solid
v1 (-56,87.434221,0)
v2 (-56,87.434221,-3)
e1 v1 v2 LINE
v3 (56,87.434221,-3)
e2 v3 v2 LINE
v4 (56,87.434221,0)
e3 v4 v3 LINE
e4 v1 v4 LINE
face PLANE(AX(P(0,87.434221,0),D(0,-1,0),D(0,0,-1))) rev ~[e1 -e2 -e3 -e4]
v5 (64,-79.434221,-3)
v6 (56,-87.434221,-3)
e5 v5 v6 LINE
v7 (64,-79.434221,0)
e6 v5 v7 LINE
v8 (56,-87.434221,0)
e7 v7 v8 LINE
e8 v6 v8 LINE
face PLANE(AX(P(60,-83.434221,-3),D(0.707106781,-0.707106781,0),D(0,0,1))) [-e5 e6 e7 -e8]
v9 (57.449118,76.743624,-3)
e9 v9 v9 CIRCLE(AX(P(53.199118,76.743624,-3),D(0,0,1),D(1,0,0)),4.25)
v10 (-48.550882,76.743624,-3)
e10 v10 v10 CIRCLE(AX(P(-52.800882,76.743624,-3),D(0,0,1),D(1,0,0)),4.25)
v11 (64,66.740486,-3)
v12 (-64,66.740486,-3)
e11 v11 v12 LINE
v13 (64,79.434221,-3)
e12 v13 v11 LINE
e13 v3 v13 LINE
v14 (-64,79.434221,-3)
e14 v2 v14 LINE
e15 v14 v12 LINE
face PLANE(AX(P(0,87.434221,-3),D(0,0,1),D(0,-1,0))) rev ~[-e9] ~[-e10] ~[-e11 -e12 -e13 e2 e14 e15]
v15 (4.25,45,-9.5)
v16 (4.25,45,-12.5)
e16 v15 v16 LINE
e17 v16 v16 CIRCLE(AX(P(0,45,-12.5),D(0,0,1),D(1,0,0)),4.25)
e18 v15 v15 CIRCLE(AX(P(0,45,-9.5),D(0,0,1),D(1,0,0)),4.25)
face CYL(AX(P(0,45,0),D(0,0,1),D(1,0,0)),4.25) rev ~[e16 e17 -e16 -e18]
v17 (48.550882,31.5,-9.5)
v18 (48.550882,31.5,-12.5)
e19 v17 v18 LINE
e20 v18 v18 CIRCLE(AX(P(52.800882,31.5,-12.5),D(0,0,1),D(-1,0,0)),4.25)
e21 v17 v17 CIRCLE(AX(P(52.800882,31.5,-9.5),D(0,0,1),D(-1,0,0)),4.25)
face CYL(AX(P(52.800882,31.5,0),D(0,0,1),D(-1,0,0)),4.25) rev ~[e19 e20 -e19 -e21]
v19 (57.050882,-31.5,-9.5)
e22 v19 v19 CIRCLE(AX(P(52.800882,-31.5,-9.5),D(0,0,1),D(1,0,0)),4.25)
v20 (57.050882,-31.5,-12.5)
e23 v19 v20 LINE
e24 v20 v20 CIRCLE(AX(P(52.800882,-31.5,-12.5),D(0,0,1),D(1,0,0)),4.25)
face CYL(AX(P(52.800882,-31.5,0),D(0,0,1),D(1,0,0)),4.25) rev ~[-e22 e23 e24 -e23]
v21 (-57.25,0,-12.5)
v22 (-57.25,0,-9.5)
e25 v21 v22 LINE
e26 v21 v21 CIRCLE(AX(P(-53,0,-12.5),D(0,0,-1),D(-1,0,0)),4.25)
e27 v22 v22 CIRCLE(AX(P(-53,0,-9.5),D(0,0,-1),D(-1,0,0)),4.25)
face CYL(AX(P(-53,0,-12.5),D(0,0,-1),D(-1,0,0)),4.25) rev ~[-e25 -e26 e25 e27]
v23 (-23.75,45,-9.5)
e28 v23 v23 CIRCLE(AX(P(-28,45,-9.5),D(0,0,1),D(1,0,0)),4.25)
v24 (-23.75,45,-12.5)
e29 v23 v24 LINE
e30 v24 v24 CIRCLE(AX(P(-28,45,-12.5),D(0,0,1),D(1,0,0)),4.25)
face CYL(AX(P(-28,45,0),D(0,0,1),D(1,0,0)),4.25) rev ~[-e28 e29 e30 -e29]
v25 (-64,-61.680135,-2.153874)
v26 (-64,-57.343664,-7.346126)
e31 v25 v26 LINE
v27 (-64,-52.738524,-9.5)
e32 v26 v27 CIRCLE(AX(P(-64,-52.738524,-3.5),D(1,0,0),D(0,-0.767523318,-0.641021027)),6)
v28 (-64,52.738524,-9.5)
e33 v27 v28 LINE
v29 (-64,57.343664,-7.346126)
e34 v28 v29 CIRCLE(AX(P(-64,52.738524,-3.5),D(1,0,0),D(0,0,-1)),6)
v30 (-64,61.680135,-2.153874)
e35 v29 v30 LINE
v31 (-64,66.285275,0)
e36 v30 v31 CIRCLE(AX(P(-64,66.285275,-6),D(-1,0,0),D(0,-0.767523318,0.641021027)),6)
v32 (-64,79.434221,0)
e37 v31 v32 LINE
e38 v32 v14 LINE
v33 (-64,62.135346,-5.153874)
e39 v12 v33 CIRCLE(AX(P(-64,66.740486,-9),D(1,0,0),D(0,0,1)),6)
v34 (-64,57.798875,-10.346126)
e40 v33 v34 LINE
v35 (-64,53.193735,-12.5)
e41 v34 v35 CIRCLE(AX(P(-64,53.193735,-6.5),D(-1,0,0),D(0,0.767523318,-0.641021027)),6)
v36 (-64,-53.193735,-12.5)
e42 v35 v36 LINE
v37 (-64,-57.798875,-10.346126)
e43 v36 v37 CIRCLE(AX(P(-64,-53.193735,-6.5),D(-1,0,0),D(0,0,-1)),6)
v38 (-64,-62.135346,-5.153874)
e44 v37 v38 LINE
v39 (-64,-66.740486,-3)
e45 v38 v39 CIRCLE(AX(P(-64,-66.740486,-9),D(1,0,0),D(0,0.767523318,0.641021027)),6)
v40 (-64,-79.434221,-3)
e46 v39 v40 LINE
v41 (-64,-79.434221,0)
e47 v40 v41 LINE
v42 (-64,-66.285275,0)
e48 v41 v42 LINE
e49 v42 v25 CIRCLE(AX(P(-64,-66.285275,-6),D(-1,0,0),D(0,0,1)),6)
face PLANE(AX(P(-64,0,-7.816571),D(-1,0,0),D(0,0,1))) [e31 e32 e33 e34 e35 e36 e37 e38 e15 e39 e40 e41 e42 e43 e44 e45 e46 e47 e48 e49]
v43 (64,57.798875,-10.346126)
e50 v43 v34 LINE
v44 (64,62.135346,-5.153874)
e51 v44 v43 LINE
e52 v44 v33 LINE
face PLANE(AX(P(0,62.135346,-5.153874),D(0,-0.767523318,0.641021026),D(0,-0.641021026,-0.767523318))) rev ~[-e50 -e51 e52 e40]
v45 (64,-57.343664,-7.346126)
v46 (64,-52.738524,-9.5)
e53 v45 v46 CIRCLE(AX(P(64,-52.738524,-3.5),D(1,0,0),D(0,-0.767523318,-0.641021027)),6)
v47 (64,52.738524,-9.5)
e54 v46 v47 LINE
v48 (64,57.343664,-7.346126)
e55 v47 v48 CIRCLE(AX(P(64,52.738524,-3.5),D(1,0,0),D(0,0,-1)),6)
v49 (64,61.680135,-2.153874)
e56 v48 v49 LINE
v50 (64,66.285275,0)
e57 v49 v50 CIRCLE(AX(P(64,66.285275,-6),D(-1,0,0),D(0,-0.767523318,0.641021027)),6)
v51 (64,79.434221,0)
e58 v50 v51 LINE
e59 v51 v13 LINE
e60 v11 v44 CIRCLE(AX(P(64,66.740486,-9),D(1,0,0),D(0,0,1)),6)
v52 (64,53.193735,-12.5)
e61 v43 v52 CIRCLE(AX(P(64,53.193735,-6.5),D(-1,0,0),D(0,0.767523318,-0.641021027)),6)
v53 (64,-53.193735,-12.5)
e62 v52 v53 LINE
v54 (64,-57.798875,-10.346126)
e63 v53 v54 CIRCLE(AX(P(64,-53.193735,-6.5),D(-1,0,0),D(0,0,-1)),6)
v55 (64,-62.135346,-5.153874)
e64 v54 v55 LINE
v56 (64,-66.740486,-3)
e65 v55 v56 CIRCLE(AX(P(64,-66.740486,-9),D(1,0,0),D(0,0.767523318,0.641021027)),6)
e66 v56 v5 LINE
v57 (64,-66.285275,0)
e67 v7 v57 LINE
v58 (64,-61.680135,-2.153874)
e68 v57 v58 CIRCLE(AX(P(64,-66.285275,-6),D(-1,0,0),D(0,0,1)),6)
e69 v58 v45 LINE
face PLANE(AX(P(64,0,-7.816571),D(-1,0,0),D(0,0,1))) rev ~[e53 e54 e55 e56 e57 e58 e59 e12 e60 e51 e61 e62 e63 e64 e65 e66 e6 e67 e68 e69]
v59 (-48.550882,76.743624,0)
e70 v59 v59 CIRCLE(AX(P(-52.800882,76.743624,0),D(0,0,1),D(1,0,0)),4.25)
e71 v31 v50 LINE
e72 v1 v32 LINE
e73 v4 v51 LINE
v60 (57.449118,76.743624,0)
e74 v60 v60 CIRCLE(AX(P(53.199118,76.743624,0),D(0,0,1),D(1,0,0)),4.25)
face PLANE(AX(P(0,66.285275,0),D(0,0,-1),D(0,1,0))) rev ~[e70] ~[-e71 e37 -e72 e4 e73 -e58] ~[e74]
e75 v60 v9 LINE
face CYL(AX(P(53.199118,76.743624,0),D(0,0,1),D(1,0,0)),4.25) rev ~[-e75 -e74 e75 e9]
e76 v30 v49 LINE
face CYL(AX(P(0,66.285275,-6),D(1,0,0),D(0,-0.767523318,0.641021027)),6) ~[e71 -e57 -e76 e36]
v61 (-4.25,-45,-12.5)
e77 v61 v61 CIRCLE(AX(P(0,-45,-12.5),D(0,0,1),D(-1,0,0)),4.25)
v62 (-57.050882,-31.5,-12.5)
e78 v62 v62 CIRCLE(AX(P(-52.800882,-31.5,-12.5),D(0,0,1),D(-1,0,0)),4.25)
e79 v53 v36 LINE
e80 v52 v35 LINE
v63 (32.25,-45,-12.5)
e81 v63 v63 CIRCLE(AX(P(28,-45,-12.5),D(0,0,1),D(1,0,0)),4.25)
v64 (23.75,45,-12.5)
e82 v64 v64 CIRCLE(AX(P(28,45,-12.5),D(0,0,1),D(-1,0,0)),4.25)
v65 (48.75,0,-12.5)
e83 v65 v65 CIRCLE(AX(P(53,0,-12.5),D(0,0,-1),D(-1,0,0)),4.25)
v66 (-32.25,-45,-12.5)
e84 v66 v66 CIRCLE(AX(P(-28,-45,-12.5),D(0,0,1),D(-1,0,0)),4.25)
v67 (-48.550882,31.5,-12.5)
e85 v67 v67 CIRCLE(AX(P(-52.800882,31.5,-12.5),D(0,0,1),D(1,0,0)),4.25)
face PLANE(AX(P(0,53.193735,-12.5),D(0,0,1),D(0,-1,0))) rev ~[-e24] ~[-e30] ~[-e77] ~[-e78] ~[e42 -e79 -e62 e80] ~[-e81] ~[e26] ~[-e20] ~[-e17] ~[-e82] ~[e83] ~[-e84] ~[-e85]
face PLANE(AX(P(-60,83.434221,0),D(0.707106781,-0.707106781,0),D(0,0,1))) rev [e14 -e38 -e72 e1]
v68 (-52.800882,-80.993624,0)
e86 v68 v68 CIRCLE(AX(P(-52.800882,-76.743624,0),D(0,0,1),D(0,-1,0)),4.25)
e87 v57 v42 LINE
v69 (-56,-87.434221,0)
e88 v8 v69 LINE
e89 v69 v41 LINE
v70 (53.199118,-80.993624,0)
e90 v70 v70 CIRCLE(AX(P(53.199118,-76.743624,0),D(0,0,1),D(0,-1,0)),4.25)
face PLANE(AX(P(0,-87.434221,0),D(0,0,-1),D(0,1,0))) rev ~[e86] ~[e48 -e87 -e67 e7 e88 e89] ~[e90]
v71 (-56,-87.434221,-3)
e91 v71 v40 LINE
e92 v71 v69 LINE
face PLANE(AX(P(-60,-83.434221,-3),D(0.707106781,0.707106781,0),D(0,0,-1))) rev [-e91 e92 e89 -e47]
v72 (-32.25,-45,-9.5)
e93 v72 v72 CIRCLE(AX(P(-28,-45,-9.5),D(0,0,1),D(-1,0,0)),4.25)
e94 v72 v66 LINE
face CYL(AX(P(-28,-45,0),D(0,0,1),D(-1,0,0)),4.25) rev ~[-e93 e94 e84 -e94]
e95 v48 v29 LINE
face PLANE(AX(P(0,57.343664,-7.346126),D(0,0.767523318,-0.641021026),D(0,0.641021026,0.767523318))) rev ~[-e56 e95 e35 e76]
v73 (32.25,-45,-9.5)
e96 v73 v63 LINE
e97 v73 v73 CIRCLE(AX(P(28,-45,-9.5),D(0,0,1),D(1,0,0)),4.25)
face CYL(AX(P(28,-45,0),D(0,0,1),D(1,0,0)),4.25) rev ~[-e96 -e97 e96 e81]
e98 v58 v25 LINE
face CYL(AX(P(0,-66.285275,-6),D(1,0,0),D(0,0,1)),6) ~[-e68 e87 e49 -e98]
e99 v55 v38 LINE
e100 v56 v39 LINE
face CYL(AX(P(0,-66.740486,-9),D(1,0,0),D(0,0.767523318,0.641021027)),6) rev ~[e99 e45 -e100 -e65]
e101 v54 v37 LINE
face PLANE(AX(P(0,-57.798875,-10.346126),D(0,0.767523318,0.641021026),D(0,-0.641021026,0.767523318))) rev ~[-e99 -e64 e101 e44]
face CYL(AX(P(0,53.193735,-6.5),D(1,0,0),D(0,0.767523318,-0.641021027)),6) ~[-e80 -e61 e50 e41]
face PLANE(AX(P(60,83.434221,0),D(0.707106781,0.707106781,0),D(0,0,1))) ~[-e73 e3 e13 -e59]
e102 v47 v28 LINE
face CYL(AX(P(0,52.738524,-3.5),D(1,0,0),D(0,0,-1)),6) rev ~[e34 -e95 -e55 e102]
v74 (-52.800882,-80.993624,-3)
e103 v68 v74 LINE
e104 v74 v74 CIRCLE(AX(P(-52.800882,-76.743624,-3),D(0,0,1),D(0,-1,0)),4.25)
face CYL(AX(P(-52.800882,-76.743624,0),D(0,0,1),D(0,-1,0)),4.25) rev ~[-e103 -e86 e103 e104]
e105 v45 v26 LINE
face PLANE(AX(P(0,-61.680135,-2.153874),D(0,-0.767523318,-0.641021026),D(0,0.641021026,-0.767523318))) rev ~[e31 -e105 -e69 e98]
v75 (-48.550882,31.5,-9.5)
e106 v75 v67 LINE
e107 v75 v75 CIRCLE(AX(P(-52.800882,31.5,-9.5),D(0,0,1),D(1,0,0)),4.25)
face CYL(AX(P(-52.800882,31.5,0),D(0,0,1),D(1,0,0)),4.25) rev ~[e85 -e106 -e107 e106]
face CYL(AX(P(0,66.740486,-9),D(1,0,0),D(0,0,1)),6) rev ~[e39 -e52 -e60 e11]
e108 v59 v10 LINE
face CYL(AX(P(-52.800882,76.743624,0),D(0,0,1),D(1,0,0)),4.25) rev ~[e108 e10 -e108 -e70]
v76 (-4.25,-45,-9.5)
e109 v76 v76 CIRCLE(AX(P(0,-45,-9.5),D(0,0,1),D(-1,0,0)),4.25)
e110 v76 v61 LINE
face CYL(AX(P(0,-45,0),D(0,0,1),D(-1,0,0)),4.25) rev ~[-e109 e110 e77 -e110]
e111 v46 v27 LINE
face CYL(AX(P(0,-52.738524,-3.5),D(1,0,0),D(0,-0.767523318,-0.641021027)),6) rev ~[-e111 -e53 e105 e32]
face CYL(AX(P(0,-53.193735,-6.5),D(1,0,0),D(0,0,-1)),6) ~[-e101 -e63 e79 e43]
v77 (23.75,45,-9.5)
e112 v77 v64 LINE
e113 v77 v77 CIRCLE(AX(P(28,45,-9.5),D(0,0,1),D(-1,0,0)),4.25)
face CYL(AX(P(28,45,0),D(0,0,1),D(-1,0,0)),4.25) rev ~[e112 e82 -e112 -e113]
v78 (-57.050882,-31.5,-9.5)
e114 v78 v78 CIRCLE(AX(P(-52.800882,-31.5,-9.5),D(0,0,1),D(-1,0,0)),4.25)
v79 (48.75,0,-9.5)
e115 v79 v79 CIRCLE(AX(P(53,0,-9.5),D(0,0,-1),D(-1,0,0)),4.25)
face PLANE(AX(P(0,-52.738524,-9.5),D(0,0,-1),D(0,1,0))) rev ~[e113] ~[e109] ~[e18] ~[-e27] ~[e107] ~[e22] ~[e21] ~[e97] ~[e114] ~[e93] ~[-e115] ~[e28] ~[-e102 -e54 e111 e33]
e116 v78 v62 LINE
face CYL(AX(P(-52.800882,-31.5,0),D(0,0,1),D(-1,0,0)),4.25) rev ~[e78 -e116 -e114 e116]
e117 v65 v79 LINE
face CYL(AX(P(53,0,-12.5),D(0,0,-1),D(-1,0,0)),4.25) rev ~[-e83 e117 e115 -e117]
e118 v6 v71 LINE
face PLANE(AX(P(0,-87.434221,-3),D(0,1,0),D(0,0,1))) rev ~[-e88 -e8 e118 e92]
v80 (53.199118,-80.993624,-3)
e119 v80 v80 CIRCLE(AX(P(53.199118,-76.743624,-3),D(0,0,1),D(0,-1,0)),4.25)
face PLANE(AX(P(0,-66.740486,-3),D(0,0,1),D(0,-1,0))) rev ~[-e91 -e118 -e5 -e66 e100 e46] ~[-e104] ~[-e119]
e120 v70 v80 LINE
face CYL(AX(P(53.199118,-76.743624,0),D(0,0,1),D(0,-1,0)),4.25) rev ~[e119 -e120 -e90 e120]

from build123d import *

# Parameters (mm, degrees)
EXTRUDE_1_DEPTH     = 64
CHAMFER_1_SIZE      = 8
SKETCH_4_R          = 4.25
CUT_EXTRUDE_1_DEPTH = 110.073337851
SKETCH_6_R          = 4.25
CUT_EXTRUDE_2_DEPTH = 10


with BuildPart() as part:
    # 草图1 → 凸台-拉伸1 (new, symmetric)
    with BuildSketch(Plane(origin=(0, 0, 0), x_dir=(0, 0, -1), z_dir=(1, 0, 0))):
        with BuildLine():
            Line((0, 87.434221161), (3, 87.434221161))
            Line((3, 87.434221161), (3, 66.740486184))
            ThreePointArc((3, 66.740486184), (3.565077878, 64.198514208), (5.153873841, 62.135346276))
            Line((5.153873841, 62.135346276), (10.346126159, 57.798874885))
            ThreePointArc((10.346126159, 57.798874885), (11.934922122, 55.735706953), (12.5, 53.193734977))
            Line((12.5, 53.193734977), (12.5, -53.193734977))
            ThreePointArc((12.5, -53.193734977), (11.934922122, -55.735706953), (10.346126159, -57.798874885))
            Line((10.346126159, -57.798874885), (5.153873841, -62.135346276))
            ThreePointArc((5.153873841, -62.135346276), (3.565077878, -64.198514208), (3, -66.740486184))
            Line((3, -66.740486184), (3, -87.434221161))
            Line((3, -87.434221161), (0, -87.434221161))
            Line((0, -87.434221161), (0, -66.285275099))
            ThreePointArc((0, -66.285275099), (0.565077878, -63.743303123), (2.153873841, -61.680135191))
            Line((2.153873841, -61.680135191), (7.346126159, -57.3436638))
            ThreePointArc((7.346126159, -57.3436638), (8.934922122, -55.280495868), (9.5, -52.738523893))
            Line((9.5, -52.738523893), (9.5, 52.738523893))
            ThreePointArc((9.5, 52.738523893), (8.934922122, 55.280495868), (7.346126159, 57.3436638))
            Line((7.346126159, 57.3436638), (2.153873841, 61.680135191))
            ThreePointArc((2.153873841, 61.680135191), (0.565077878, 63.743303123), (0, 66.285275099))
            Line((0, 66.285275099), (0, 87.434221161))
        make_face()
    extrude(amount=EXTRUDE_1_DEPTH, both=True)

    # 倒角1
    chamfer_1_edges = [part.edges().sort_by_distance(p)[0] for p in [
        (-64, 87.434221161, -1.5),
        (-64, -87.434221161, -1.5),
        (64, -87.434221161, -1.5),
        (64, 87.434221161, -1.5),
    ]]
    chamfer(chamfer_1_edges, length=CHAMFER_1_SIZE)

    # 草图4 → 切除-拉伸1 (cut, through all)
    with BuildSketch(Plane.XY):
        with Locations((-52.800881805, 76.743624005)):
            Circle(SKETCH_4_R)
        with Locations((53.199118195, 76.743624005)):
            Circle(SKETCH_4_R)
        with Locations((-52.800881805, 31.5)):
            Circle(SKETCH_4_R)
        with Locations((-28, 45)):
            Circle(SKETCH_4_R)
        with Locations((0, 45)):
            Circle(SKETCH_4_R)
        with Locations(Location((52.800881805, 31.5, 0), (0, 0, 180))):
            Circle(SKETCH_4_R)
        with Locations(Location((28, 45, 0), (0, 0, 180))):
            Circle(SKETCH_4_R)
        with Locations(Location((53.199118195, -76.743624005, 0), (0, 0, 270))):
            Circle(SKETCH_4_R)
        with Locations((52.800881805, -31.5)):
            Circle(SKETCH_4_R)
        with Locations((28, -45)):
            Circle(SKETCH_4_R)
        with Locations(Location((0, -45, 0), (0, 0, 180))):
            Circle(SKETCH_4_R)
        with Locations(Location((-28, -45, 0), (0, 0, 180))):
            Circle(SKETCH_4_R)
        with Locations(Location((-52.800881805, -31.5, 0), (0, 0, 180))):
            Circle(SKETCH_4_R)
        with Locations(Location((-52.800881805, -76.743624005, 0), (0, 0, 270))):
            Circle(SKETCH_4_R)
    extrude(amount=-CUT_EXTRUDE_1_DEPTH, mode=Mode.SUBTRACT)

    # 草图6 → 切除-拉伸2 (cut)
    with BuildSketch(Plane(origin=(0, 0, -12.5), x_dir=(-1, 0, 0), z_dir=(0, 0, -1))):
        with Locations((-53, 0)):
            Circle(SKETCH_6_R)
        with Locations((53, 0)):
            Circle(SKETCH_6_R)
    extrude(amount=-CUT_EXTRUDE_2_DEPTH, mode=Mode.SUBTRACT)


solid = part.part
